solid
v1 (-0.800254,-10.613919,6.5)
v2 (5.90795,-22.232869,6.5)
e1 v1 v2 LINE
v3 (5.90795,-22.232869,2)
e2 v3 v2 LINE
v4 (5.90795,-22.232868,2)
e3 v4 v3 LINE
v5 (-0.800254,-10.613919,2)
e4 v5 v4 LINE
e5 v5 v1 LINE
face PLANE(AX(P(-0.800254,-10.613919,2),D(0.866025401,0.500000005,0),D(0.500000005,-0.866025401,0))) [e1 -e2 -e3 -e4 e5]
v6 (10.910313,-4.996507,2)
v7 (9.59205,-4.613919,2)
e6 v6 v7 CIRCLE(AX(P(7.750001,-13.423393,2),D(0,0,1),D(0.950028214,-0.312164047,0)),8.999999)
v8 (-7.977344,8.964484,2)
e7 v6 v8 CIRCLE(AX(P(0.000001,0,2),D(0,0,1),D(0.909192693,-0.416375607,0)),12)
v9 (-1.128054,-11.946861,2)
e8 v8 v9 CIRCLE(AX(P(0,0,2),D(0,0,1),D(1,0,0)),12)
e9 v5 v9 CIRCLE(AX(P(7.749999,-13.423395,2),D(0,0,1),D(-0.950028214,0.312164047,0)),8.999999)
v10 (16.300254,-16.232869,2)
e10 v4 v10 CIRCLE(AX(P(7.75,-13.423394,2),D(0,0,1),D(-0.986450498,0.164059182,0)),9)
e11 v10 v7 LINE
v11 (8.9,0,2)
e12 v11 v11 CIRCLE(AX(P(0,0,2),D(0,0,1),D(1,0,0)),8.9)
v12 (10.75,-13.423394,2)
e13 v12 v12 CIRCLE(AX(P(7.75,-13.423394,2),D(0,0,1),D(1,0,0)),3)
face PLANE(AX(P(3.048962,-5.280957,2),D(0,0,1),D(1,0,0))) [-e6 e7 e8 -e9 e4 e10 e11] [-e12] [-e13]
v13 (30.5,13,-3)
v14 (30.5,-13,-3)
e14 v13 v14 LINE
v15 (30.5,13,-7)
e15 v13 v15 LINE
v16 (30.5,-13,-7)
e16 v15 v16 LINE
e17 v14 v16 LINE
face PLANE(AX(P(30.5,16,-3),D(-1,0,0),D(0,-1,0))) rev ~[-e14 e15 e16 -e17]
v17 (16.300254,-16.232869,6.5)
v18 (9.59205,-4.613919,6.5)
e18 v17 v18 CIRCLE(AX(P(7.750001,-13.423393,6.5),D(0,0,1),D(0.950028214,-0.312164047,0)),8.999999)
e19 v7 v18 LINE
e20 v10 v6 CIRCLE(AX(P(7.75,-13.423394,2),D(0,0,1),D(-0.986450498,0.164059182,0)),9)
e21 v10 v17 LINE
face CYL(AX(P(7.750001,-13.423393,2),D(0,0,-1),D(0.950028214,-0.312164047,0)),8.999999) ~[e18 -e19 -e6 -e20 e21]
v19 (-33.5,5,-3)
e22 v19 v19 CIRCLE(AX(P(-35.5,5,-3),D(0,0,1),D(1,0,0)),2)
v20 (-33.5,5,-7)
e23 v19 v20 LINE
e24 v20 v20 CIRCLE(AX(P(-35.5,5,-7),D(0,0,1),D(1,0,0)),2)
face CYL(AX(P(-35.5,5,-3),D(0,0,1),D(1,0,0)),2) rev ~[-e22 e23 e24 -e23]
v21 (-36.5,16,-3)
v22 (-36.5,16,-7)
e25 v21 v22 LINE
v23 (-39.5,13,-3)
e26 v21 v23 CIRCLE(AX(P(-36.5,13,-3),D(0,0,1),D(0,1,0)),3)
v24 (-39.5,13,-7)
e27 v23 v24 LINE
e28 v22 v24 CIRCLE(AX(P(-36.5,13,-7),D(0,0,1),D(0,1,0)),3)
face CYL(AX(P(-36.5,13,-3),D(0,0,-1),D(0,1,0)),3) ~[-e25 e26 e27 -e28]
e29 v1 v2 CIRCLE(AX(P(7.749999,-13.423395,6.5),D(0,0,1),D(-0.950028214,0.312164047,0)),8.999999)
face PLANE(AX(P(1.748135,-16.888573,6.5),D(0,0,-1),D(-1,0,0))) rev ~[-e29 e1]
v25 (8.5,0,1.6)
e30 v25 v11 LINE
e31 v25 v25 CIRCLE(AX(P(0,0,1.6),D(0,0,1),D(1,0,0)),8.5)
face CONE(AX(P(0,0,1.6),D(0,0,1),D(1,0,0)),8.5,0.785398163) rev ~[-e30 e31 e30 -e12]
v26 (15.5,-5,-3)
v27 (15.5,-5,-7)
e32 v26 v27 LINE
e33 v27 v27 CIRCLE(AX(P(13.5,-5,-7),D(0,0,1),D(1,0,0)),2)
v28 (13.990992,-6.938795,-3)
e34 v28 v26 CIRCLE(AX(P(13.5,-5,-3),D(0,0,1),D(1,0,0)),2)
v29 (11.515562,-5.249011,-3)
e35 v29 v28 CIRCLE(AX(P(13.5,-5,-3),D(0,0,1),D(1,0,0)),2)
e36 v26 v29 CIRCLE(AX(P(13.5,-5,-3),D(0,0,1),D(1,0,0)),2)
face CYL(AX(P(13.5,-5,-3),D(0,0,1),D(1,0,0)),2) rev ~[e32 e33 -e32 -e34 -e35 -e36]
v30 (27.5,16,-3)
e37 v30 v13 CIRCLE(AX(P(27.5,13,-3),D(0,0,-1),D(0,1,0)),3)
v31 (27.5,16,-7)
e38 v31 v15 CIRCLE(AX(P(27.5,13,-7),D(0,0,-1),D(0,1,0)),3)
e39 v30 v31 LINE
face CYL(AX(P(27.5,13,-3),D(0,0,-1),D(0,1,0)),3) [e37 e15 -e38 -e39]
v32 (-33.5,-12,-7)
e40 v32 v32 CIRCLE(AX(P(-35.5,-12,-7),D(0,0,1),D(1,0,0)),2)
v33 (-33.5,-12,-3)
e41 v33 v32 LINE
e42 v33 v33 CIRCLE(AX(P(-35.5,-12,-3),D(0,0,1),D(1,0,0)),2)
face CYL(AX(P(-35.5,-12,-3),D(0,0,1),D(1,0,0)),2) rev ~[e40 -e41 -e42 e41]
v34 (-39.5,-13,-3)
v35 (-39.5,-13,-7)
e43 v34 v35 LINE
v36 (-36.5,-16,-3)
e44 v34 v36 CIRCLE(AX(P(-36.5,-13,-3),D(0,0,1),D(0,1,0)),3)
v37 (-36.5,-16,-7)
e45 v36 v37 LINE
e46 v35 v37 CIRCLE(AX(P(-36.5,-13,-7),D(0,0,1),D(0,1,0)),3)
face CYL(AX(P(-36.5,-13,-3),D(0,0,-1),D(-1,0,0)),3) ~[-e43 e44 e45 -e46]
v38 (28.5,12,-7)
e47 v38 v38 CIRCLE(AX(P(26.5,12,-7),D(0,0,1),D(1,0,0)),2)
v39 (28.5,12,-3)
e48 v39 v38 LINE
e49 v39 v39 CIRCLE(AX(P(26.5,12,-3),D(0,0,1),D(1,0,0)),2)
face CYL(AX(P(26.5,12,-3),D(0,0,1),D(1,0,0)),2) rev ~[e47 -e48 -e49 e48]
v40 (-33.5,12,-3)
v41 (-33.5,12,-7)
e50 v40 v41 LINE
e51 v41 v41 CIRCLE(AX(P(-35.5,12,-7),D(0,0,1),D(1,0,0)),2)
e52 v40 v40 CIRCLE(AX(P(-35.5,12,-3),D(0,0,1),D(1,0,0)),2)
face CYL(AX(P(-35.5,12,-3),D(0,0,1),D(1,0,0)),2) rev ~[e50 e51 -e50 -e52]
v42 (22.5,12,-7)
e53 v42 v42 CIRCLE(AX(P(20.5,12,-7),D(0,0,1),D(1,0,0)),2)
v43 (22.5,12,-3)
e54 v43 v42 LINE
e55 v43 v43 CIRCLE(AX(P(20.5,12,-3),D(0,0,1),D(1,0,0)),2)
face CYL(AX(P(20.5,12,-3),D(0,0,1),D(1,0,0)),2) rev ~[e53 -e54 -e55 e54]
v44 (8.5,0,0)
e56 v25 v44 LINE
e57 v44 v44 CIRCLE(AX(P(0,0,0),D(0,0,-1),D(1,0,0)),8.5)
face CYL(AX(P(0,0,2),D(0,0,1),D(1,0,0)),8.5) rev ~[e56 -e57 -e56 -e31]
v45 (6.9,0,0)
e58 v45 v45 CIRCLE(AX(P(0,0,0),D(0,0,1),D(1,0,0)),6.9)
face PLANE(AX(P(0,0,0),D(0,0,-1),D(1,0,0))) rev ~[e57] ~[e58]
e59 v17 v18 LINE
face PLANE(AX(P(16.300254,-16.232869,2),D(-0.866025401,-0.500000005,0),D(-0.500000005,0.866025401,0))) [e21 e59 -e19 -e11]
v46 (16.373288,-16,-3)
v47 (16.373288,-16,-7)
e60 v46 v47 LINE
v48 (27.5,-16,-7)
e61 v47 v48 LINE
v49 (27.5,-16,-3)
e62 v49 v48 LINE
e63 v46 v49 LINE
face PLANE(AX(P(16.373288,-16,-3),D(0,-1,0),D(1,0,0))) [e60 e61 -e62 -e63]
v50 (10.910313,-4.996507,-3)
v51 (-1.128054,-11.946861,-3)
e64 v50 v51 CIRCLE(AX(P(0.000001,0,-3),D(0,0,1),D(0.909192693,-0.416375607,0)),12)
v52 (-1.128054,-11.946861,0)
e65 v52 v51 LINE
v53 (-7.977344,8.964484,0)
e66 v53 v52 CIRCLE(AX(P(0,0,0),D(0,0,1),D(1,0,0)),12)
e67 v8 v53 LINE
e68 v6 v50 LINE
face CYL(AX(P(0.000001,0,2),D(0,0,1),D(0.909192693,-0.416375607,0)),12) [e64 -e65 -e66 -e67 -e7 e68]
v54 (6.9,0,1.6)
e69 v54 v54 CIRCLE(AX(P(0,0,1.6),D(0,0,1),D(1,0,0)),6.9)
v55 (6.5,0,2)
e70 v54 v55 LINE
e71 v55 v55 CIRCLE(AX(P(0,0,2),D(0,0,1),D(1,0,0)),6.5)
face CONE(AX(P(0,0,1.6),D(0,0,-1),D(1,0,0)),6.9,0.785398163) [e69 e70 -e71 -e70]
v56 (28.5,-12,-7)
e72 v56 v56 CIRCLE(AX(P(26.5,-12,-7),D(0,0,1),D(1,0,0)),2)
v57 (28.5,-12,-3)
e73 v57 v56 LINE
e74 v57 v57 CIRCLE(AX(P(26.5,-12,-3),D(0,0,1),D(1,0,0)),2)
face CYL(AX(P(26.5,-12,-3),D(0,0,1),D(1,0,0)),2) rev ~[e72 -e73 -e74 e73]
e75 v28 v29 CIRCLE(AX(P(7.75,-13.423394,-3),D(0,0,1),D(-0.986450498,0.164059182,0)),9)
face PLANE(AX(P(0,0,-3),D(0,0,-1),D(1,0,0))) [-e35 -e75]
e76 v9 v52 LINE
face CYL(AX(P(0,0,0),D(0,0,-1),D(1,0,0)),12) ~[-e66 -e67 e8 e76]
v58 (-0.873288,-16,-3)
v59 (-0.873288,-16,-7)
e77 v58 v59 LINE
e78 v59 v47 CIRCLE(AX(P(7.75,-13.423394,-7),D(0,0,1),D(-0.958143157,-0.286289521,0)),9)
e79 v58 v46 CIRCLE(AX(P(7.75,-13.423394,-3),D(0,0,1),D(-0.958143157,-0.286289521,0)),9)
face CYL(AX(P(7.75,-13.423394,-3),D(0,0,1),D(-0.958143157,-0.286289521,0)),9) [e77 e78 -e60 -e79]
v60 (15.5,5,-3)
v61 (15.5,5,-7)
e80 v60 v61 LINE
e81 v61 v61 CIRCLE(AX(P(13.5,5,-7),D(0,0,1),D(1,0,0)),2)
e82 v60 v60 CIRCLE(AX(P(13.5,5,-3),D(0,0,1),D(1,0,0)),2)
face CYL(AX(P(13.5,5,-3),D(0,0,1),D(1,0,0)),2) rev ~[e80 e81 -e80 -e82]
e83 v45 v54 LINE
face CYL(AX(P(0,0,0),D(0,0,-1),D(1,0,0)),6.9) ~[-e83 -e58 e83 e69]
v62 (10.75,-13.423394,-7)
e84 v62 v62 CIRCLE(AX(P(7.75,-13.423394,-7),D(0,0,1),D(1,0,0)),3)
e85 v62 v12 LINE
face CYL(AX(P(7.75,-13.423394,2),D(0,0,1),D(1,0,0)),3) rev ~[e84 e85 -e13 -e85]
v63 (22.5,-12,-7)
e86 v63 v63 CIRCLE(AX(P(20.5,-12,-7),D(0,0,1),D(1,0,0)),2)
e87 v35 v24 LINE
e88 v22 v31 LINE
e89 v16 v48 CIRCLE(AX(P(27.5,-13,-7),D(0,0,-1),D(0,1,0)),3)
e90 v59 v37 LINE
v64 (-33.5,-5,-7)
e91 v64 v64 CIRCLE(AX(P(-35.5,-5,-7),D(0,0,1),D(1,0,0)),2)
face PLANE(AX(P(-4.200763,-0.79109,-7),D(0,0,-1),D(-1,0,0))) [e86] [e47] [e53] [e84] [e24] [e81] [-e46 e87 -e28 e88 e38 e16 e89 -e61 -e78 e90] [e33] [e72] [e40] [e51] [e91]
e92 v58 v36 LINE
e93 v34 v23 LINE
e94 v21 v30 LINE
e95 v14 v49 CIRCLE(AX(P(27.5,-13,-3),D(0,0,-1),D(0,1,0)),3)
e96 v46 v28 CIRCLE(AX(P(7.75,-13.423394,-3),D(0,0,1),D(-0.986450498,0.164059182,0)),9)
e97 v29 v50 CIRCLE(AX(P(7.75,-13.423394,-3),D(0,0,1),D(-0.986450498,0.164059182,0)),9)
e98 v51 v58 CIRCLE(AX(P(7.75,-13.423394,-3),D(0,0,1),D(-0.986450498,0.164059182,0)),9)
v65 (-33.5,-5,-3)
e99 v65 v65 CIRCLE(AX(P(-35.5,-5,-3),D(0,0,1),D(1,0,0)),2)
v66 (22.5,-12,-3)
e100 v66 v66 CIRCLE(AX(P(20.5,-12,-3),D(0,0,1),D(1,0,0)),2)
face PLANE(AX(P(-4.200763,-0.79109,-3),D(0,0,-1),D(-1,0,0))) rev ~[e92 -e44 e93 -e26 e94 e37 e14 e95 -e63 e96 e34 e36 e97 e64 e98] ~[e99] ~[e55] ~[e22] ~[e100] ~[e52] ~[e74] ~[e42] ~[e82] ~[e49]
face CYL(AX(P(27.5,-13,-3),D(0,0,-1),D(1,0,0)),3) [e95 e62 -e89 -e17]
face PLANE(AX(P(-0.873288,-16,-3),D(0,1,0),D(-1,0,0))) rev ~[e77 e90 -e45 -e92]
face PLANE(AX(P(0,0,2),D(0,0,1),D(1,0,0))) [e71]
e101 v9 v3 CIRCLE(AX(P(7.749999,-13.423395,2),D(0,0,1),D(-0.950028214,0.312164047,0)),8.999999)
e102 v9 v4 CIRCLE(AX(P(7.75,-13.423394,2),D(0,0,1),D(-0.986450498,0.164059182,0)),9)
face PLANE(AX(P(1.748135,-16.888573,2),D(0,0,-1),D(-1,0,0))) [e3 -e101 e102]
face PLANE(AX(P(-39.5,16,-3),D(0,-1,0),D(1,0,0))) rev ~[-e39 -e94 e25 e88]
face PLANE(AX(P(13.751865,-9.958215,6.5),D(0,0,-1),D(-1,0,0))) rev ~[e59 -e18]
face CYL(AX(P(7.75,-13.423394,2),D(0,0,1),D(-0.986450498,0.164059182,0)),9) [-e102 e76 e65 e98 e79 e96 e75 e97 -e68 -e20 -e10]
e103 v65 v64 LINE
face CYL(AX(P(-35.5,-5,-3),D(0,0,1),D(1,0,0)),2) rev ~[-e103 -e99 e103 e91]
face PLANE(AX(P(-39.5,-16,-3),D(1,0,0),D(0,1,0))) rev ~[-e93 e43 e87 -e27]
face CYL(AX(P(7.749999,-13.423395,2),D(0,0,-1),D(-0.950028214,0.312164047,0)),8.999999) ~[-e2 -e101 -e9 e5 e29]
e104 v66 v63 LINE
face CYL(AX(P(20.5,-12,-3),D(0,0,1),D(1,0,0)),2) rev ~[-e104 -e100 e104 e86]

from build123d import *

# Parameters (mm, degrees)
SKETCH_R        = 12
SKETCH_R_2      = 8.5
PAD_DEPTH       = 2
SKETCH001_R     = 3
SKETCH001_R_2   = 8.5
PAD001_DEPTH    = 5
SKETCH002_R     = 8.5
PAD002_DEPTH    = 3
SKETCH003_R     = 6.9
PAD003_DEPTH    = 2
PAD004_DEPTH    = 4.5
SKETCH005_R     = 2
PAD005_DEPTH    = 4
FILLET_R        = 3
CHAMFER_SIZE    = 0.4
CHAMFER001_SIZE = 0.4
SKETCH006_R     = 3
POCKET_DEPTH    = 4.001


with BuildPart() as part:
    # Sketch → Pad (new body)
    with BuildSketch(Plane.XY):
        Circle(SKETCH_R)
        Circle(SKETCH_R_2, mode=Mode.SUBTRACT)
    extrude(amount=PAD_DEPTH)

    # Sketch001 (on Face4 of Pad) → Pad001 (join)
    with BuildSketch(Plane.XY.offset(2)):
        with BuildLine():
            ThreePointArc((-1.128054, -11.946861), (12.25, -21.217622), (10.910313, -4.996507))
            ThreePointArc((10.910313, -4.996507), (-6, 10.392305), (-1.128054, -11.946861))
        make_face()
        with Locations((7.75, -13.423394)):
            Circle(SKETCH001_R, mode=Mode.SUBTRACT)
        Circle(SKETCH001_R_2, mode=Mode.SUBTRACT)
    extrude(amount=-PAD001_DEPTH)

    # Sketch002 (on Face6 of Pad001) → Pad002 (join)
    with BuildSketch(Plane(origin=(0, 0, -3), x_dir=(1, 0, 0), z_dir=(0, 0, -1))):
        Circle(SKETCH002_R)
    extrude(amount=-PAD002_DEPTH)

    # Sketch003 (on Face11 of Pad002) → Pad003 (join)
    with BuildSketch(Plane.XY):
        Circle(SKETCH003_R)
    extrude(amount=PAD003_DEPTH)

    # Sketch004 (on Face7 of Pad003) → Pad004 (join)
    with BuildSketch(Plane.XY.offset(2)):
        with BuildLine():
            Line((-0.800254, -10.613919), (5.90795, -22.232869))
            ThreePointArc((-0.800254, -10.613919), (-0.044229, -17.923394), (5.90795, -22.232869))
        make_face()
        with BuildLine():
            Line((16.300254, -16.232869), (9.59205, -4.613919))
            ThreePointArc((16.300254, -16.232869), (15.544229, -8.923394), (9.59205, -4.613919))
        make_face()
    extrude(amount=PAD004_DEPTH)

    # Sketch005 (on Face19 of Pad004) → Pad005 (join)
    with BuildSketch(Plane.XY.offset(-3)):
        with BuildLine():
            Line((-39.5, 16), (17.5, 16))
            Line((17.5, 16), (24.5, 16))
            Line((24.5, 16), (30.5, 16))
            Line((30.5, 16), (30.5, -16))
            Line((24.5, -16), (30.5, -16))
            Line((17.5, -16), (24.5, -16))
            Line((17.5, -16), (16.373288, -16))
            ThreePointArc((-0.873288, -16), (7.75, -22.423394), (16.373288, -16))
            Line((-0.873288, -16), (-39.5, -16))
            Line((-39.5, -16), (-39.5, 16))
        make_face()
        with Locations((-35.5, 5)):
            Circle(SKETCH005_R, mode=Mode.SUBTRACT)
        with Locations((-35.5, -5)):
            Circle(SKETCH005_R, mode=Mode.SUBTRACT)
        with Locations((13.5, 5)):
            Circle(SKETCH005_R, mode=Mode.SUBTRACT)
        with Locations((13.5, -5)):
            Circle(SKETCH005_R, mode=Mode.SUBTRACT)
        with Locations((-35.5, 12)):
            Circle(SKETCH005_R, mode=Mode.SUBTRACT)
        with Locations((-35.5, -12)):
            Circle(SKETCH005_R, mode=Mode.SUBTRACT)
        with Locations((20.5, 12)):
            Circle(SKETCH005_R, mode=Mode.SUBTRACT)
        with Locations((20.5, -12)):
            Circle(SKETCH005_R, mode=Mode.SUBTRACT)
        with Locations((26.5, -12)):
            Circle(SKETCH005_R, mode=Mode.SUBTRACT)
        with Locations((26.5, 12)):
            Circle(SKETCH005_R, mode=Mode.SUBTRACT)
    extrude(amount=-PAD005_DEPTH)

    # Fillet
    fillet_edges = [part.edges().sort_by_distance(p)[0] for p in [
        (-39.5, -16, -5),
        (30.5, -16, -5),
        (30.5, 16, -5),
        (-39.5, 16, -5),
    ]]
    fillet(fillet_edges, radius=FILLET_R)

    # Chamfer
    chamfer_edges = [part.edges().sort_by_distance(p)[0] for p in [
        (-6.9, 0, 2),
    ]]
    chamfer(chamfer_edges, length=CHAMFER_SIZE)

    # Chamfer001
    chamfer001_edges = [part.edges().sort_by_distance(p)[0] for p in [
        (-8.5, 0, 2),
    ]]
    chamfer(chamfer001_edges, length=CHAMFER001_SIZE)

    # Sketch006 (on Face23 of Chamfer001) → Pocket (cut, through all)
    with BuildSketch(Plane.XY.offset(-3)):
        with Locations((7.75, -13.423394)):
            Circle(SKETCH006_R)
    extrude(amount=-POCKET_DEPTH, mode=Mode.SUBTRACT)


solid = part.part
